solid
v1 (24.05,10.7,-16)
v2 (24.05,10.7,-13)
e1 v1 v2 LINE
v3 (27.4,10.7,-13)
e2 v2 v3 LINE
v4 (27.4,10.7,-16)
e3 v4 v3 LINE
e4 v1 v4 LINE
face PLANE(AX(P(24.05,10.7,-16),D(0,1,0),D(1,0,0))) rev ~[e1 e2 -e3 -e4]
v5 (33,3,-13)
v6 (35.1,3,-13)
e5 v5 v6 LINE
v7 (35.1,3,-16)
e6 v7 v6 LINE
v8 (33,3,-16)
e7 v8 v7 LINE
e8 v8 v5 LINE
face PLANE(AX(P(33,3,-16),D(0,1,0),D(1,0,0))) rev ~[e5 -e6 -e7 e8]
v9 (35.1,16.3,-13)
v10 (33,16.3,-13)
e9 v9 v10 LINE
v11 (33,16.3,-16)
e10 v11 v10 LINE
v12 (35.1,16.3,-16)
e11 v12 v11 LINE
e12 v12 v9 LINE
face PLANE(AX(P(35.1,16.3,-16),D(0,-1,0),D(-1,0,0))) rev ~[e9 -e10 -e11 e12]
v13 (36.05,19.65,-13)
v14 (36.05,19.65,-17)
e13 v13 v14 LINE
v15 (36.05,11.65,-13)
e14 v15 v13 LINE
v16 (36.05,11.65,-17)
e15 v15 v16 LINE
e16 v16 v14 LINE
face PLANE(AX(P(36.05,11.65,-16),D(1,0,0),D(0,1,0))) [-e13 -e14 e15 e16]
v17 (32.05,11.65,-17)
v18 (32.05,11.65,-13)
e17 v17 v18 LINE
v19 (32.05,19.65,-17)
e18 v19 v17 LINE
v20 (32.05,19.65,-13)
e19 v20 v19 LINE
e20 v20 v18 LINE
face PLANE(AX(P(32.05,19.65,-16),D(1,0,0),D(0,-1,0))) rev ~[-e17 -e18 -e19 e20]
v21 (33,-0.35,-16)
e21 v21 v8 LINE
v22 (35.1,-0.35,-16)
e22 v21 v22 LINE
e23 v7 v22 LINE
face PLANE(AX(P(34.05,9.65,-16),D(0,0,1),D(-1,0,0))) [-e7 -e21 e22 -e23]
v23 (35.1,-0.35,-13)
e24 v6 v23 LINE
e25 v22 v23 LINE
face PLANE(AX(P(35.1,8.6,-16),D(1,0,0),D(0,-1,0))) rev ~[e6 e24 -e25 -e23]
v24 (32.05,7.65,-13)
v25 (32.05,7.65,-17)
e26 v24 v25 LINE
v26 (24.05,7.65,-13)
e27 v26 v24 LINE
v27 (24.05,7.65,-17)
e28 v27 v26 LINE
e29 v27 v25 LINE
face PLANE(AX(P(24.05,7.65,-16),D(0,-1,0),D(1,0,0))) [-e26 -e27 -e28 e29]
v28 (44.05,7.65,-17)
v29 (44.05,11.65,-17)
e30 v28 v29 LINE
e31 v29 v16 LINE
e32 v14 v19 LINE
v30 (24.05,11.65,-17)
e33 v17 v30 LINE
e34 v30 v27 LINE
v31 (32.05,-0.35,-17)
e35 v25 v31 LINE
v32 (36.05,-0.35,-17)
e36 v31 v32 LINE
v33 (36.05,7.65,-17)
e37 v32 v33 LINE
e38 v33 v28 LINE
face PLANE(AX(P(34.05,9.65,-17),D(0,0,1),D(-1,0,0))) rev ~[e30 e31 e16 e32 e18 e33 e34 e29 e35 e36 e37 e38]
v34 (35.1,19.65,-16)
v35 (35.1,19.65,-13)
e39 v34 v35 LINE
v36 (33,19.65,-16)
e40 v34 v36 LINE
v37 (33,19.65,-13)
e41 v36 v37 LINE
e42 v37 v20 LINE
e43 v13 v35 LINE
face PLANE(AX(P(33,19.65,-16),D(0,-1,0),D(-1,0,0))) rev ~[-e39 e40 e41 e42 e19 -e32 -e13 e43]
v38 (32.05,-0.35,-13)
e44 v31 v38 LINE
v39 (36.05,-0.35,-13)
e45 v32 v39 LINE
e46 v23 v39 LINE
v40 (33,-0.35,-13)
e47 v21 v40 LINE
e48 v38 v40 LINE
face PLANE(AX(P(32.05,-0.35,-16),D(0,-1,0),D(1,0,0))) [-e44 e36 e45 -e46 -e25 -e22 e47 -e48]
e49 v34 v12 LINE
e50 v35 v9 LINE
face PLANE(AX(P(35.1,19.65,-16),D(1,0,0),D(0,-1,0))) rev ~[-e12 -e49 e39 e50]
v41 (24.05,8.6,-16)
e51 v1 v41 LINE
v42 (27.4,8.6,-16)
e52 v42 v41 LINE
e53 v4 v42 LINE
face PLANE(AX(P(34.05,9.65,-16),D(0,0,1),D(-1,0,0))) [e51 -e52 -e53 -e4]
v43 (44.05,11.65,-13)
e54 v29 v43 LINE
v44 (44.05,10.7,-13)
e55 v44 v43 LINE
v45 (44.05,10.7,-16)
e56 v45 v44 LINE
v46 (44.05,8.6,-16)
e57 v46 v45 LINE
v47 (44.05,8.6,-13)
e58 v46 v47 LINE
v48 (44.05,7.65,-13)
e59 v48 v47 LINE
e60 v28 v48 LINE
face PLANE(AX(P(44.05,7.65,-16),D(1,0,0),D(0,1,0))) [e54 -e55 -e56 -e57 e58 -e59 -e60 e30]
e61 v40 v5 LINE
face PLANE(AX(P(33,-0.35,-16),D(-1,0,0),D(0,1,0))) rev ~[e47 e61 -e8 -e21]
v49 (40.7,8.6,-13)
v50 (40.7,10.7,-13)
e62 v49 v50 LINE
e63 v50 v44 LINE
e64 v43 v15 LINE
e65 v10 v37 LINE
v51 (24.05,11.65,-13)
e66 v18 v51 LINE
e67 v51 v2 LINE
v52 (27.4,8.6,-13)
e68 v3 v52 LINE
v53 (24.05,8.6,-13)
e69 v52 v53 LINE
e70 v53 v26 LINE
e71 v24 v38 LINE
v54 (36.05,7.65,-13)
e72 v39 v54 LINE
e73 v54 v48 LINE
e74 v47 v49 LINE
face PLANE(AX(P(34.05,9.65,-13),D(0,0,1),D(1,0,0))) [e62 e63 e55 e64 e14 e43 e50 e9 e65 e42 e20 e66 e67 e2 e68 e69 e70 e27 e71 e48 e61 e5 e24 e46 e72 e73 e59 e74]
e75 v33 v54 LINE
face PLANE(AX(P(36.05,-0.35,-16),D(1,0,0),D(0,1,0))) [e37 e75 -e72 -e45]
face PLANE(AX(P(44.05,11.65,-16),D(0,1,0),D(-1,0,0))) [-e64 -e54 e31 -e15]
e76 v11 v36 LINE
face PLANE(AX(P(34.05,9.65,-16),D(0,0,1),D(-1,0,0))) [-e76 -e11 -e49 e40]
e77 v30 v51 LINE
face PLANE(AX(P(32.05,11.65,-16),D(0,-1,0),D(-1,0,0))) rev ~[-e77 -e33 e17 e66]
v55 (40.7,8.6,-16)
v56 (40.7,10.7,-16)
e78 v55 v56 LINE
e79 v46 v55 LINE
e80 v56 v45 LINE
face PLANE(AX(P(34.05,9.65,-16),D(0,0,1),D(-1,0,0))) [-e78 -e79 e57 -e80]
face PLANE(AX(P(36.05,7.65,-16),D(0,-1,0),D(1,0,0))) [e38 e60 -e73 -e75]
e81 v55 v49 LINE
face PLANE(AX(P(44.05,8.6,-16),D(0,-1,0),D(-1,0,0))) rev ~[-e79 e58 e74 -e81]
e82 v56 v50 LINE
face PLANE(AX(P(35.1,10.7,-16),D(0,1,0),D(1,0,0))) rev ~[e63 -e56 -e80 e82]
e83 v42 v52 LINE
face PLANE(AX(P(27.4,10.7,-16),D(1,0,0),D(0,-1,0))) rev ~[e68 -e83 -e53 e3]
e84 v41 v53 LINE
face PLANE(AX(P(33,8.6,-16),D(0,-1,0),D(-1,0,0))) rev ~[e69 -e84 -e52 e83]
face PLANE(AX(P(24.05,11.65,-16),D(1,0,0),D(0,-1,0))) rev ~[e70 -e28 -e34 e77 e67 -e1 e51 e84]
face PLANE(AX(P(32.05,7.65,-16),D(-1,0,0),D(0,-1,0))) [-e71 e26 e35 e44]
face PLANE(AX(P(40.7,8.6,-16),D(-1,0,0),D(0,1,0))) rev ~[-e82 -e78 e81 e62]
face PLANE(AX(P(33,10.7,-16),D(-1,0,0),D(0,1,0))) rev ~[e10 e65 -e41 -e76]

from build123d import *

# Parameters (mm, degrees)
PAD295_DEPTH            = 1
PAD296_DEPTH            = 3
PAD297_DEPTH            = 3
BODY041_PLACEMENT_ANGLE = 180


with BuildPart() as part:
    # Sketch452 → Pad295 (new body)
    with BuildSketch(Plane.XY.offset(-28)):
        Polygon((-2, 2), (-2, 10), (2, 10), (2, 2), (10, 2), (10, -2), (2, -2), (2, -10), (-2, -10), (-2, -2), (-10, -2), (-10, 2), align=None)
    extrude(amount=PAD295_DEPTH)

    # Sketch453 (on Face13 of Pad295) → Pad296 (join)
    with BuildSketch(Plane(origin=(0, 0, -28), x_dir=(1, 0, 0), z_dir=(0, 0, -1))):
        Polygon((-2, 10), (-2, 2), (-10, 2), (-10, 1.05), (-1.05, 1.05), (-1.05, 10), align=None)
        Polygon((-10, -2), (-2, -2), (-2, -10), (-1.05, -10), (-1.05, -1.05), (-10, -1.05), align=None)
        Polygon((2, -10), (2, -2), (10, -2), (10, -1.05), (1.05, -1.05), (1.05, -10), align=None)
        Polygon((10, 2), (2, 2), (2, 10), (1.05, 10), (1.05, 1.05), (10, 1.05), align=None)
    extrude(amount=PAD296_DEPTH)

    # Sketch454 (on Face3 of Pad296) → Pad297 (join)
    with BuildSketch(Plane(origin=(0, 0, -28), x_dir=(1, 0, 0), z_dir=(0, 0, -1))):
        Polygon((-6.65, 1.05), (-6.65, -1.05), (-1.05, -1.05), (-1.05, -6.65), (1.05, -6.65), (1.05, -1.05), (6.65, -1.05), (6.65, 1.05), (1.05, 1.05), (1.05, 6.65), (-1.05, 6.65), (-1.05, 1.05), align=None)
    extrude(amount=PAD297_DEPTH)


with BuildPart() as part_1:
    # Body041 placement: moved
    add(part.part.moved(Location((34.05, 9.65, -44))).rotate(Axis((34.05, 9.65, -44), (1, 0, 0)), BODY041_PLACEMENT_ANGLE))


solid = part_1.part
